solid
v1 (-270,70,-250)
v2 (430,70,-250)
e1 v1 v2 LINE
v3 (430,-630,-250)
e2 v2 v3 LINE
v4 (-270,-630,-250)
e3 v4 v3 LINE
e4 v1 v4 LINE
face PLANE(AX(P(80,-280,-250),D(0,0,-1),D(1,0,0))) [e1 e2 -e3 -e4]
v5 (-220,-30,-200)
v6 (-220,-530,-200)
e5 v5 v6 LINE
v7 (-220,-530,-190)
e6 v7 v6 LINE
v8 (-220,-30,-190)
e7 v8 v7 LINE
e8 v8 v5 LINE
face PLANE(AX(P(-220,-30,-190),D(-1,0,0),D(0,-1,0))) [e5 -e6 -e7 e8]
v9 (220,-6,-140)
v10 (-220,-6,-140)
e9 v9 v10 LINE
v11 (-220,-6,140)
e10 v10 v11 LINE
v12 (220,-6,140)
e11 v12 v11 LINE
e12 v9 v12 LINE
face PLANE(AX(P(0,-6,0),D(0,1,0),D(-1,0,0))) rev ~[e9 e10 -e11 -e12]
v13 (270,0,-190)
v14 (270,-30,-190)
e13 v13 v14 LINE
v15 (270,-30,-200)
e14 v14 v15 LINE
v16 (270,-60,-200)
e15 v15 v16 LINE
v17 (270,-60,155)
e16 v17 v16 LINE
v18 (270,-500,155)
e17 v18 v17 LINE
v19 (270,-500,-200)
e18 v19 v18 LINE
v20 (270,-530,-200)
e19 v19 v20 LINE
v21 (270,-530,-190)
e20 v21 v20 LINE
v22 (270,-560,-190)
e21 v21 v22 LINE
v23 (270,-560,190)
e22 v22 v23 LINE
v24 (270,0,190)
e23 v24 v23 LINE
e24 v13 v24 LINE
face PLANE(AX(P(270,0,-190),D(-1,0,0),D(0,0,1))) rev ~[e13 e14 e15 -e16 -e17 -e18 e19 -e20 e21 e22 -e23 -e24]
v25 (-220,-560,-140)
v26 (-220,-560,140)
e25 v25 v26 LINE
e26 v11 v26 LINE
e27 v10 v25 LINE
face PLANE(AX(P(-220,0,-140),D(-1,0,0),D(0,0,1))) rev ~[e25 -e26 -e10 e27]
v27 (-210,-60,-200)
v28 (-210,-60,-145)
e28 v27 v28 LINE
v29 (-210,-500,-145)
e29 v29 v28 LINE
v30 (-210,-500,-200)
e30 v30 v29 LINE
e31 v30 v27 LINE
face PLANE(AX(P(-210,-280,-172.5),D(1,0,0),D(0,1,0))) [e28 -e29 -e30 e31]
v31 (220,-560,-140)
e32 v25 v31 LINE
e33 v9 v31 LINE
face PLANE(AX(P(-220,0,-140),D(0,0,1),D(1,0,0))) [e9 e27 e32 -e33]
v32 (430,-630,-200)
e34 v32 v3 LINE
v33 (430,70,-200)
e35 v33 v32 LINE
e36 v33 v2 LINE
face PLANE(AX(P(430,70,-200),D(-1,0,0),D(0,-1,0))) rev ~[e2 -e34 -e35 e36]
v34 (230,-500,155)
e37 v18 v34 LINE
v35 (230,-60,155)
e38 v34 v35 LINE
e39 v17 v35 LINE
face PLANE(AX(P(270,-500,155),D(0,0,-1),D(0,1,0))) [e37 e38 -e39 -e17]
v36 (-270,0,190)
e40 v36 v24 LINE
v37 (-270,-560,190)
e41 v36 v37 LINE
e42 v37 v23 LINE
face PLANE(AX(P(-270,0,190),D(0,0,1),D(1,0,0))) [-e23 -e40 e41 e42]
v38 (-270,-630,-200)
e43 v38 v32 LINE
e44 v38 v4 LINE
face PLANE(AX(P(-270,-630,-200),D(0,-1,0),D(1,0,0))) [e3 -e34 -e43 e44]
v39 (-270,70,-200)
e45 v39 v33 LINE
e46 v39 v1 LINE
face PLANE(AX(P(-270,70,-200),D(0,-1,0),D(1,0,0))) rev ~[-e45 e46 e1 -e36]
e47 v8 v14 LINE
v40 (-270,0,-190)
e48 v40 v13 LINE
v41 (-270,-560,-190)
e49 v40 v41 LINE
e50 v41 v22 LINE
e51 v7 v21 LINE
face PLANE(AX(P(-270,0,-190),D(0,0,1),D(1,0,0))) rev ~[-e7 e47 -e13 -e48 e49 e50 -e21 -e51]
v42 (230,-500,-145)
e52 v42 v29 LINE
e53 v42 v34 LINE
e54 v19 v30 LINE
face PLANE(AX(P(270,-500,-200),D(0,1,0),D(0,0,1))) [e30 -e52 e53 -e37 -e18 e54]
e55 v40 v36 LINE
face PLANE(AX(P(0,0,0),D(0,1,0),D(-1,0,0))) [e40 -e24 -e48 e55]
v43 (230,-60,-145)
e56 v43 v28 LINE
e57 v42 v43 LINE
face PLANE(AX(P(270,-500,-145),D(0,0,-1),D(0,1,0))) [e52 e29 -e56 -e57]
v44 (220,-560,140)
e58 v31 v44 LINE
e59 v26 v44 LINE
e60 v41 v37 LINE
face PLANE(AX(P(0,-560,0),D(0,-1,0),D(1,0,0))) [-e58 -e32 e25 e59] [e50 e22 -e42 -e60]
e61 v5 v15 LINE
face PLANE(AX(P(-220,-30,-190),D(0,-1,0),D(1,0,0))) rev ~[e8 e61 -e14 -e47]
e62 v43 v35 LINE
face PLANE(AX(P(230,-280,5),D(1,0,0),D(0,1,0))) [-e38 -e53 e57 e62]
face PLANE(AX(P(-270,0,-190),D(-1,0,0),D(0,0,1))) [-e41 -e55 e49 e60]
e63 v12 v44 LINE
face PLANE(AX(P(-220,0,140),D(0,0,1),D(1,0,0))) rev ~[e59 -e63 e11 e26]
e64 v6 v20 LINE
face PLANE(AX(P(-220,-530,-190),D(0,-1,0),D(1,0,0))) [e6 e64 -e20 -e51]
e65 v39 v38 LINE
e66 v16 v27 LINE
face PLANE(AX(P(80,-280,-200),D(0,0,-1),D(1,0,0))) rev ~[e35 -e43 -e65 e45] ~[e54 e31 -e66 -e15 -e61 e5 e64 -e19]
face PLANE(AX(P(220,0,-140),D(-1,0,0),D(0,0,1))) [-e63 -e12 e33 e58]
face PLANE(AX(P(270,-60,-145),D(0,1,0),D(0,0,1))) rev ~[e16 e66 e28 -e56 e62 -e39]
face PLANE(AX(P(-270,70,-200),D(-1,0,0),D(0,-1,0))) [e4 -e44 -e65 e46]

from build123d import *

# Parameters (mm, degrees)
F0_W      = 540
F0_H      = 380
F0_W_2    = 440
F0_H_2    = 280
F1_DEPTH  = 560
F2_W      = 490
F2_H      = 500
F3_DEPTH  = 10
F4_W      = 700
F4_H      = 700
F5_DEPTH  = 50
F6_W      = 440
F6_H      = 280
F7_DEPTH  = 6
F8_W      = 440
F8_H      = 55
F9_DEPTH  = 480
F10_W     = 440
F10_H     = 300
F11_DEPTH = 40


with BuildPart() as f1:
    # F0 (on Front) → F1 (new body)
    with BuildSketch(Plane.XZ):
        Rectangle(F0_W, F0_H)
        Rectangle(F0_W_2, F0_H_2, mode=Mode.SUBTRACT)
    extrude(amount=F1_DEPTH)

    # F2 (on face) → F3 (join)
    with BuildSketch(Plane(origin=(0, 0, -190), x_dir=(1, 0, 0), z_dir=(0, 0, -1))):
        with Locations((25, 280)):
            Rectangle(F2_W, F2_H)
    extrude(amount=F3_DEPTH)

    # F4 (on face) → F5 (join)
    with BuildSketch(Plane(origin=(0, 0, -200), x_dir=(1, 0, 0), z_dir=(0, 0, -1))):
        with Locations((80, 280)):
            Rectangle(F4_W, F4_H)
    extrude(amount=F5_DEPTH)

    # F6 (on face) → F7 (join)
    with BuildSketch(Plane(origin=(0, 0, 0), x_dir=(-1, 0, 0), z_dir=(0, 1, 0))):
        Rectangle(F6_W, F6_H)
    extrude(amount=-F7_DEPTH)

    # F8 (on face) → F9 (cut)
    with BuildSketch(Plane.YZ.offset(270)):
        with Locations((-280, -172.5)):
            Rectangle(F8_W, F8_H)
    extrude(amount=-F9_DEPTH, mode=Mode.SUBTRACT)

    # F10 (on face) → F11 (cut)
    with BuildSketch(Plane.YZ.offset(270)):
        with Locations((-280, 5)):
            Rectangle(F10_W, F10_H)
    extrude(amount=-F11_DEPTH, mode=Mode.SUBTRACT)


solid = f1.part
